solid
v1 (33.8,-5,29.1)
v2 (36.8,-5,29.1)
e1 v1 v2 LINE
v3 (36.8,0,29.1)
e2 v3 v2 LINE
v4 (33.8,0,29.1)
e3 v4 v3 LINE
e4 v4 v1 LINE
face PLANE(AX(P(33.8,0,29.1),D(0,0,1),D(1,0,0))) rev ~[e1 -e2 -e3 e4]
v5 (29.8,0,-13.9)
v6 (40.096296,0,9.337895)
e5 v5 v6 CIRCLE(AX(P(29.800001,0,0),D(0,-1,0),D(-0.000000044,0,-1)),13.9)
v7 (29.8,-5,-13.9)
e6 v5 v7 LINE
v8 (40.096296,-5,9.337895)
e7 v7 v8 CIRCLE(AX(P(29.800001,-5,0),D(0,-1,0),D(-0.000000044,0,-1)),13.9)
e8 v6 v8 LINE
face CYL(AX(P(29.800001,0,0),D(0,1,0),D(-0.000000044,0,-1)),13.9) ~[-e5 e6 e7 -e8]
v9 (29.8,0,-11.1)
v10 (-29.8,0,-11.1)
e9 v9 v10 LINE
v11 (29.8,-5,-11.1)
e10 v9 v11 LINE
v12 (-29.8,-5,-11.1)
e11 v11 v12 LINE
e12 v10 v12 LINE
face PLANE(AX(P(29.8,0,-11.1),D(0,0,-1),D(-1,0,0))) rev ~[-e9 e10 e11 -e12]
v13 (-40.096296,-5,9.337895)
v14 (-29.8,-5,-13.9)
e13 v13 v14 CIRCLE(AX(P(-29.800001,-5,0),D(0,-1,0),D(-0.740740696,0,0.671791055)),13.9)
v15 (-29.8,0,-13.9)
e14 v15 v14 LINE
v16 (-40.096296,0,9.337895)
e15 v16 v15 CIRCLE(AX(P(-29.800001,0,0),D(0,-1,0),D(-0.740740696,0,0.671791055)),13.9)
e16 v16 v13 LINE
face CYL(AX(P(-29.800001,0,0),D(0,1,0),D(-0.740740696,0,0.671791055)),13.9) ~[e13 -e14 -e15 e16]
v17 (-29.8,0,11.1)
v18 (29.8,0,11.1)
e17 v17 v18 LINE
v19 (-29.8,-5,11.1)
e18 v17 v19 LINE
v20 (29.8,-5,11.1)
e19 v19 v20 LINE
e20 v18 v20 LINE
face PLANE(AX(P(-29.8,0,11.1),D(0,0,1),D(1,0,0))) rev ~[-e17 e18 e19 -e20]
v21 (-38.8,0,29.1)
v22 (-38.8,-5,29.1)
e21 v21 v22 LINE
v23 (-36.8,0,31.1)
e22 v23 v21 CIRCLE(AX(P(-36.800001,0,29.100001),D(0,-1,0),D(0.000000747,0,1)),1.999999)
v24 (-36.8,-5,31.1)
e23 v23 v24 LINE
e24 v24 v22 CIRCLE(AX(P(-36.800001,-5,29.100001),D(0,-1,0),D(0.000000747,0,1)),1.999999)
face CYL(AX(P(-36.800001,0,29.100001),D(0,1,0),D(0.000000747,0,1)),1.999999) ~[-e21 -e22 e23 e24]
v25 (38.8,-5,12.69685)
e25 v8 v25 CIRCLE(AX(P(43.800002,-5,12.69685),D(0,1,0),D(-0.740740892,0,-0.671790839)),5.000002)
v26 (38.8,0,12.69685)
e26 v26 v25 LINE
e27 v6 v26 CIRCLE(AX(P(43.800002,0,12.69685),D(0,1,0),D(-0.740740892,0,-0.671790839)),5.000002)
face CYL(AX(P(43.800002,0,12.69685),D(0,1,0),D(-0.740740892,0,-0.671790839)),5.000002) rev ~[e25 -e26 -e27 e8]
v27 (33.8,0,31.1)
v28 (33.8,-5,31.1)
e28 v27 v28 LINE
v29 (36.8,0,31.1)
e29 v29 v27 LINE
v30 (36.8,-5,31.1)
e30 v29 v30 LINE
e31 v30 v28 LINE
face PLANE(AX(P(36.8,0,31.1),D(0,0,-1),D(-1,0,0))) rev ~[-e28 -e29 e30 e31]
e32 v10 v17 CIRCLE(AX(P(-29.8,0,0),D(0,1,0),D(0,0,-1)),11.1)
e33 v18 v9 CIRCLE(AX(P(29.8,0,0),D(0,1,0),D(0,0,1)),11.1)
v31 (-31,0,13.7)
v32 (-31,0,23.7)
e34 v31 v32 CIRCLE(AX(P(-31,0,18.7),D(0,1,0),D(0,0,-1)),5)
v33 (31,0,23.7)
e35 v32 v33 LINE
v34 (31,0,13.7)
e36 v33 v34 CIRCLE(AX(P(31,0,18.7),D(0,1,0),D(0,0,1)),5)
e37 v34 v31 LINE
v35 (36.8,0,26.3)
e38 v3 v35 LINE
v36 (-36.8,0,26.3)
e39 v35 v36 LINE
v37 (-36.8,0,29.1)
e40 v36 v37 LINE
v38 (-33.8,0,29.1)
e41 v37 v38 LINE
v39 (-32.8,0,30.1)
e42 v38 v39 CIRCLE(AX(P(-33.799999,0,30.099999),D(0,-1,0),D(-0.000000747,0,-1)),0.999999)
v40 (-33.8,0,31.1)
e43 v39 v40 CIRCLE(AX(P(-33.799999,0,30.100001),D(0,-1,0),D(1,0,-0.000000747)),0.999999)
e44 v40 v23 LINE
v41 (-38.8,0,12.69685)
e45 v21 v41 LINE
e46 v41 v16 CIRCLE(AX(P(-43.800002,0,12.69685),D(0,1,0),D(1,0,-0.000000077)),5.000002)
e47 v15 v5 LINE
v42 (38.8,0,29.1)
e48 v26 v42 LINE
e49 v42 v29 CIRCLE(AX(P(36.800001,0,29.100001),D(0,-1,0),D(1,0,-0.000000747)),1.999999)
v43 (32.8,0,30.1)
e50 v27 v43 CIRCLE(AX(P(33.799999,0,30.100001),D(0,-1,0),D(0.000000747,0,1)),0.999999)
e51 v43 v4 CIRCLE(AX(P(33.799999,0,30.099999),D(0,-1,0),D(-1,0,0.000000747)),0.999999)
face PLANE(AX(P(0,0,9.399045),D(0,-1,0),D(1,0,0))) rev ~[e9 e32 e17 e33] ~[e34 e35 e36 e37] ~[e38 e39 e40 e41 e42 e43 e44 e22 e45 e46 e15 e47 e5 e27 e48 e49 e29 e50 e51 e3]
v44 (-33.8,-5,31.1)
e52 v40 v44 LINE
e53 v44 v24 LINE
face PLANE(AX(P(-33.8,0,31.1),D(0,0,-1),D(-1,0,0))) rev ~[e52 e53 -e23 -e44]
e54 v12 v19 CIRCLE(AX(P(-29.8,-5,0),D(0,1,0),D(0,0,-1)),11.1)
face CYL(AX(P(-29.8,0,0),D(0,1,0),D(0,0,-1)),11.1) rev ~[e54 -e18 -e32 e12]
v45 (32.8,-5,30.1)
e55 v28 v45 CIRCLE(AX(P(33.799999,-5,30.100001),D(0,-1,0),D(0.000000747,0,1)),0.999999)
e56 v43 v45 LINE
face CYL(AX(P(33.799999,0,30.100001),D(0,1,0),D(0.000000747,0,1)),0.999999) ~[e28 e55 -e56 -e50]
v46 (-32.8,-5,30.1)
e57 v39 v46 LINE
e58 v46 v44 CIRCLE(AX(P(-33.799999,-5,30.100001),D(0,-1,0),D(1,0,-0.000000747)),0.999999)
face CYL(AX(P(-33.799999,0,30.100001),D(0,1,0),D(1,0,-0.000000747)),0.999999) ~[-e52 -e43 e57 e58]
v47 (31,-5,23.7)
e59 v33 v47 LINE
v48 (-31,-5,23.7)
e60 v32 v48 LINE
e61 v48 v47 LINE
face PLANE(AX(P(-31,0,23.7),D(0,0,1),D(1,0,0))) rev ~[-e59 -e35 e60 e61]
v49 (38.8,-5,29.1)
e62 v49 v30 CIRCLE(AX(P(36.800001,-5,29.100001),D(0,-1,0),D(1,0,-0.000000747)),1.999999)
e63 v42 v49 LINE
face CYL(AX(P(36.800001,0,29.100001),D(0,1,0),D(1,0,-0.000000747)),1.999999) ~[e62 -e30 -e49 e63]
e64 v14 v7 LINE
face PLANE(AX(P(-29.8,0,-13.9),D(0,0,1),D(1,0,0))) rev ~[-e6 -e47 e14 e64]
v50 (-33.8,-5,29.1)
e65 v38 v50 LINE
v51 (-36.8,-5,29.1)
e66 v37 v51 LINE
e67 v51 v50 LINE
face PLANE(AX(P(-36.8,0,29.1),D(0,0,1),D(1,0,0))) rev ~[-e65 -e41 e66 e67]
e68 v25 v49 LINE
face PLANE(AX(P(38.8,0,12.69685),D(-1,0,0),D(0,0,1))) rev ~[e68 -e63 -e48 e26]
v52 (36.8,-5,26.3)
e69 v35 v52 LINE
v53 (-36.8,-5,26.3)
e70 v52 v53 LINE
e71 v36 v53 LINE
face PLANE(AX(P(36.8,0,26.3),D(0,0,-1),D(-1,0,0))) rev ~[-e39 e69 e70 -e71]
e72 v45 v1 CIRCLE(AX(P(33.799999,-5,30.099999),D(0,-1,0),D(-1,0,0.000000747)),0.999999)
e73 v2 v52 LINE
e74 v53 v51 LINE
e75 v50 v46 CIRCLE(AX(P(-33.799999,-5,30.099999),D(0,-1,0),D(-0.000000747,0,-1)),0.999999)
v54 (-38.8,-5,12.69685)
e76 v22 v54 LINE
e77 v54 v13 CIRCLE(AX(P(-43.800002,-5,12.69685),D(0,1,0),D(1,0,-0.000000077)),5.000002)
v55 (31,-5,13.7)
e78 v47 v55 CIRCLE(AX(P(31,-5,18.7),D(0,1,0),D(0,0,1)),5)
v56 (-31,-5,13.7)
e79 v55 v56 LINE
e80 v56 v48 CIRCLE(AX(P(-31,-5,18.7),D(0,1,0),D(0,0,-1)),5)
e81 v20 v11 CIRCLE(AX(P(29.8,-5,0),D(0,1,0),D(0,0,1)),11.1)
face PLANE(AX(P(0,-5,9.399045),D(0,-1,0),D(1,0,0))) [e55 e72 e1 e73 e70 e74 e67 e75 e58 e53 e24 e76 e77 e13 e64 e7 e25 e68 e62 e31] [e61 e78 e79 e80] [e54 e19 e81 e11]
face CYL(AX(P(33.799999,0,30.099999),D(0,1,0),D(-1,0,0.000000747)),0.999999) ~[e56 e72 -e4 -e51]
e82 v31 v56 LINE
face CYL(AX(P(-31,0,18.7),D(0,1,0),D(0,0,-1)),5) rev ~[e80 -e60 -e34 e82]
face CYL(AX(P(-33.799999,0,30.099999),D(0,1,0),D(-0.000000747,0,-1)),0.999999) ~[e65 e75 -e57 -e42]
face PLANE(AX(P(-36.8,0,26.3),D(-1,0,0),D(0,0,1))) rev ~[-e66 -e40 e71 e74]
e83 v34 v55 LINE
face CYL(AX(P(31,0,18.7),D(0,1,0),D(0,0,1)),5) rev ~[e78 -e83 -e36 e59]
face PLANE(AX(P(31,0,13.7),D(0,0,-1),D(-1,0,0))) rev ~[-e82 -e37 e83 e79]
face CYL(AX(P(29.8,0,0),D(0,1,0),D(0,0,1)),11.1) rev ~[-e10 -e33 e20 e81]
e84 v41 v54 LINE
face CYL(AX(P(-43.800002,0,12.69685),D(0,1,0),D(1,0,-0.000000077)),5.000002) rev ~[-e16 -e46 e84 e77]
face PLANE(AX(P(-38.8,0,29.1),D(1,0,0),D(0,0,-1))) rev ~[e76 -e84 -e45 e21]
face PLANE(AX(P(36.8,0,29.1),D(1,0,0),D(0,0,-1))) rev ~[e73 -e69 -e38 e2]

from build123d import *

# Parameters (mm, degrees)
F1_DEPTH = 5


with BuildPart() as f1:
    # F0 (on Front) → F1 (new body)
    with BuildSketch(Plane.XZ):
        with BuildLine():
            Line((-29.8, -13.9), (29.8, -13.9))
            ThreePointArc((29.8, -13.9), (42.508398, -5.630864), (40.096296, 9.337895))
            ThreePointArc((40.096296, 9.337895), (39.135318, 10.896644), (38.8, 12.69685))
            Line((38.8, 12.69685), (38.8, 29.1))
            ThreePointArc((38.8, 29.1), (38.214214, 30.514214), (36.8, 31.1))
            Line((36.8, 31.1), (33.8, 31.1))
            ThreePointArc((33.8, 31.1), (33.092893, 30.807107), (32.8, 30.1))
            ThreePointArc((32.8, 30.1), (33.092893, 29.392893), (33.8, 29.1))
            Line((33.8, 29.1), (36.8, 29.1))
            Line((36.8, 29.1), (36.8, 26.3))
            Line((36.8, 26.3), (-36.8, 26.3))
            Line((-36.8, 26.3), (-36.8, 29.1))
            Line((-36.8, 29.1), (-33.8, 29.1))
            ThreePointArc((-33.8, 29.1), (-33.092893, 29.392893), (-32.8, 30.1))
            ThreePointArc((-32.8, 30.1), (-33.092893, 30.807107), (-33.8, 31.1))
            Line((-33.8, 31.1), (-36.8, 31.1))
            ThreePointArc((-36.8, 31.1), (-38.214214, 30.514214), (-38.8, 29.1))
            Line((-38.8, 29.1), (-38.8, 12.69685))
            ThreePointArc((-38.8, 12.69685), (-39.135318, 10.896644), (-40.096296, 9.337895))
            ThreePointArc((-40.096296, 9.337895), (-42.508398, -5.630864), (-29.8, -13.9))
        make_face()
        with BuildLine():
            ThreePointArc((29.8, 11.1), (40.9, 0), (29.8, -11.1))
            Line((29.8, -11.1), (-29.8, -11.1))
            ThreePointArc((-29.8, -11.1), (-40.9, 0), (-29.8, 11.1))
            Line((-29.8, 11.1), (29.8, 11.1))
        make_face(mode=Mode.SUBTRACT)
        with BuildLine():
            ThreePointArc((-31, 13.7), (-36, 18.7), (-31, 23.7))
            Line((-31, 23.7), (31, 23.7))
            ThreePointArc((31, 23.7), (36, 18.7), (31, 13.7))
            Line((31, 13.7), (-31, 13.7))
        make_face(mode=Mode.SUBTRACT)
    extrude(amount=F1_DEPTH)


solid = f1.part
